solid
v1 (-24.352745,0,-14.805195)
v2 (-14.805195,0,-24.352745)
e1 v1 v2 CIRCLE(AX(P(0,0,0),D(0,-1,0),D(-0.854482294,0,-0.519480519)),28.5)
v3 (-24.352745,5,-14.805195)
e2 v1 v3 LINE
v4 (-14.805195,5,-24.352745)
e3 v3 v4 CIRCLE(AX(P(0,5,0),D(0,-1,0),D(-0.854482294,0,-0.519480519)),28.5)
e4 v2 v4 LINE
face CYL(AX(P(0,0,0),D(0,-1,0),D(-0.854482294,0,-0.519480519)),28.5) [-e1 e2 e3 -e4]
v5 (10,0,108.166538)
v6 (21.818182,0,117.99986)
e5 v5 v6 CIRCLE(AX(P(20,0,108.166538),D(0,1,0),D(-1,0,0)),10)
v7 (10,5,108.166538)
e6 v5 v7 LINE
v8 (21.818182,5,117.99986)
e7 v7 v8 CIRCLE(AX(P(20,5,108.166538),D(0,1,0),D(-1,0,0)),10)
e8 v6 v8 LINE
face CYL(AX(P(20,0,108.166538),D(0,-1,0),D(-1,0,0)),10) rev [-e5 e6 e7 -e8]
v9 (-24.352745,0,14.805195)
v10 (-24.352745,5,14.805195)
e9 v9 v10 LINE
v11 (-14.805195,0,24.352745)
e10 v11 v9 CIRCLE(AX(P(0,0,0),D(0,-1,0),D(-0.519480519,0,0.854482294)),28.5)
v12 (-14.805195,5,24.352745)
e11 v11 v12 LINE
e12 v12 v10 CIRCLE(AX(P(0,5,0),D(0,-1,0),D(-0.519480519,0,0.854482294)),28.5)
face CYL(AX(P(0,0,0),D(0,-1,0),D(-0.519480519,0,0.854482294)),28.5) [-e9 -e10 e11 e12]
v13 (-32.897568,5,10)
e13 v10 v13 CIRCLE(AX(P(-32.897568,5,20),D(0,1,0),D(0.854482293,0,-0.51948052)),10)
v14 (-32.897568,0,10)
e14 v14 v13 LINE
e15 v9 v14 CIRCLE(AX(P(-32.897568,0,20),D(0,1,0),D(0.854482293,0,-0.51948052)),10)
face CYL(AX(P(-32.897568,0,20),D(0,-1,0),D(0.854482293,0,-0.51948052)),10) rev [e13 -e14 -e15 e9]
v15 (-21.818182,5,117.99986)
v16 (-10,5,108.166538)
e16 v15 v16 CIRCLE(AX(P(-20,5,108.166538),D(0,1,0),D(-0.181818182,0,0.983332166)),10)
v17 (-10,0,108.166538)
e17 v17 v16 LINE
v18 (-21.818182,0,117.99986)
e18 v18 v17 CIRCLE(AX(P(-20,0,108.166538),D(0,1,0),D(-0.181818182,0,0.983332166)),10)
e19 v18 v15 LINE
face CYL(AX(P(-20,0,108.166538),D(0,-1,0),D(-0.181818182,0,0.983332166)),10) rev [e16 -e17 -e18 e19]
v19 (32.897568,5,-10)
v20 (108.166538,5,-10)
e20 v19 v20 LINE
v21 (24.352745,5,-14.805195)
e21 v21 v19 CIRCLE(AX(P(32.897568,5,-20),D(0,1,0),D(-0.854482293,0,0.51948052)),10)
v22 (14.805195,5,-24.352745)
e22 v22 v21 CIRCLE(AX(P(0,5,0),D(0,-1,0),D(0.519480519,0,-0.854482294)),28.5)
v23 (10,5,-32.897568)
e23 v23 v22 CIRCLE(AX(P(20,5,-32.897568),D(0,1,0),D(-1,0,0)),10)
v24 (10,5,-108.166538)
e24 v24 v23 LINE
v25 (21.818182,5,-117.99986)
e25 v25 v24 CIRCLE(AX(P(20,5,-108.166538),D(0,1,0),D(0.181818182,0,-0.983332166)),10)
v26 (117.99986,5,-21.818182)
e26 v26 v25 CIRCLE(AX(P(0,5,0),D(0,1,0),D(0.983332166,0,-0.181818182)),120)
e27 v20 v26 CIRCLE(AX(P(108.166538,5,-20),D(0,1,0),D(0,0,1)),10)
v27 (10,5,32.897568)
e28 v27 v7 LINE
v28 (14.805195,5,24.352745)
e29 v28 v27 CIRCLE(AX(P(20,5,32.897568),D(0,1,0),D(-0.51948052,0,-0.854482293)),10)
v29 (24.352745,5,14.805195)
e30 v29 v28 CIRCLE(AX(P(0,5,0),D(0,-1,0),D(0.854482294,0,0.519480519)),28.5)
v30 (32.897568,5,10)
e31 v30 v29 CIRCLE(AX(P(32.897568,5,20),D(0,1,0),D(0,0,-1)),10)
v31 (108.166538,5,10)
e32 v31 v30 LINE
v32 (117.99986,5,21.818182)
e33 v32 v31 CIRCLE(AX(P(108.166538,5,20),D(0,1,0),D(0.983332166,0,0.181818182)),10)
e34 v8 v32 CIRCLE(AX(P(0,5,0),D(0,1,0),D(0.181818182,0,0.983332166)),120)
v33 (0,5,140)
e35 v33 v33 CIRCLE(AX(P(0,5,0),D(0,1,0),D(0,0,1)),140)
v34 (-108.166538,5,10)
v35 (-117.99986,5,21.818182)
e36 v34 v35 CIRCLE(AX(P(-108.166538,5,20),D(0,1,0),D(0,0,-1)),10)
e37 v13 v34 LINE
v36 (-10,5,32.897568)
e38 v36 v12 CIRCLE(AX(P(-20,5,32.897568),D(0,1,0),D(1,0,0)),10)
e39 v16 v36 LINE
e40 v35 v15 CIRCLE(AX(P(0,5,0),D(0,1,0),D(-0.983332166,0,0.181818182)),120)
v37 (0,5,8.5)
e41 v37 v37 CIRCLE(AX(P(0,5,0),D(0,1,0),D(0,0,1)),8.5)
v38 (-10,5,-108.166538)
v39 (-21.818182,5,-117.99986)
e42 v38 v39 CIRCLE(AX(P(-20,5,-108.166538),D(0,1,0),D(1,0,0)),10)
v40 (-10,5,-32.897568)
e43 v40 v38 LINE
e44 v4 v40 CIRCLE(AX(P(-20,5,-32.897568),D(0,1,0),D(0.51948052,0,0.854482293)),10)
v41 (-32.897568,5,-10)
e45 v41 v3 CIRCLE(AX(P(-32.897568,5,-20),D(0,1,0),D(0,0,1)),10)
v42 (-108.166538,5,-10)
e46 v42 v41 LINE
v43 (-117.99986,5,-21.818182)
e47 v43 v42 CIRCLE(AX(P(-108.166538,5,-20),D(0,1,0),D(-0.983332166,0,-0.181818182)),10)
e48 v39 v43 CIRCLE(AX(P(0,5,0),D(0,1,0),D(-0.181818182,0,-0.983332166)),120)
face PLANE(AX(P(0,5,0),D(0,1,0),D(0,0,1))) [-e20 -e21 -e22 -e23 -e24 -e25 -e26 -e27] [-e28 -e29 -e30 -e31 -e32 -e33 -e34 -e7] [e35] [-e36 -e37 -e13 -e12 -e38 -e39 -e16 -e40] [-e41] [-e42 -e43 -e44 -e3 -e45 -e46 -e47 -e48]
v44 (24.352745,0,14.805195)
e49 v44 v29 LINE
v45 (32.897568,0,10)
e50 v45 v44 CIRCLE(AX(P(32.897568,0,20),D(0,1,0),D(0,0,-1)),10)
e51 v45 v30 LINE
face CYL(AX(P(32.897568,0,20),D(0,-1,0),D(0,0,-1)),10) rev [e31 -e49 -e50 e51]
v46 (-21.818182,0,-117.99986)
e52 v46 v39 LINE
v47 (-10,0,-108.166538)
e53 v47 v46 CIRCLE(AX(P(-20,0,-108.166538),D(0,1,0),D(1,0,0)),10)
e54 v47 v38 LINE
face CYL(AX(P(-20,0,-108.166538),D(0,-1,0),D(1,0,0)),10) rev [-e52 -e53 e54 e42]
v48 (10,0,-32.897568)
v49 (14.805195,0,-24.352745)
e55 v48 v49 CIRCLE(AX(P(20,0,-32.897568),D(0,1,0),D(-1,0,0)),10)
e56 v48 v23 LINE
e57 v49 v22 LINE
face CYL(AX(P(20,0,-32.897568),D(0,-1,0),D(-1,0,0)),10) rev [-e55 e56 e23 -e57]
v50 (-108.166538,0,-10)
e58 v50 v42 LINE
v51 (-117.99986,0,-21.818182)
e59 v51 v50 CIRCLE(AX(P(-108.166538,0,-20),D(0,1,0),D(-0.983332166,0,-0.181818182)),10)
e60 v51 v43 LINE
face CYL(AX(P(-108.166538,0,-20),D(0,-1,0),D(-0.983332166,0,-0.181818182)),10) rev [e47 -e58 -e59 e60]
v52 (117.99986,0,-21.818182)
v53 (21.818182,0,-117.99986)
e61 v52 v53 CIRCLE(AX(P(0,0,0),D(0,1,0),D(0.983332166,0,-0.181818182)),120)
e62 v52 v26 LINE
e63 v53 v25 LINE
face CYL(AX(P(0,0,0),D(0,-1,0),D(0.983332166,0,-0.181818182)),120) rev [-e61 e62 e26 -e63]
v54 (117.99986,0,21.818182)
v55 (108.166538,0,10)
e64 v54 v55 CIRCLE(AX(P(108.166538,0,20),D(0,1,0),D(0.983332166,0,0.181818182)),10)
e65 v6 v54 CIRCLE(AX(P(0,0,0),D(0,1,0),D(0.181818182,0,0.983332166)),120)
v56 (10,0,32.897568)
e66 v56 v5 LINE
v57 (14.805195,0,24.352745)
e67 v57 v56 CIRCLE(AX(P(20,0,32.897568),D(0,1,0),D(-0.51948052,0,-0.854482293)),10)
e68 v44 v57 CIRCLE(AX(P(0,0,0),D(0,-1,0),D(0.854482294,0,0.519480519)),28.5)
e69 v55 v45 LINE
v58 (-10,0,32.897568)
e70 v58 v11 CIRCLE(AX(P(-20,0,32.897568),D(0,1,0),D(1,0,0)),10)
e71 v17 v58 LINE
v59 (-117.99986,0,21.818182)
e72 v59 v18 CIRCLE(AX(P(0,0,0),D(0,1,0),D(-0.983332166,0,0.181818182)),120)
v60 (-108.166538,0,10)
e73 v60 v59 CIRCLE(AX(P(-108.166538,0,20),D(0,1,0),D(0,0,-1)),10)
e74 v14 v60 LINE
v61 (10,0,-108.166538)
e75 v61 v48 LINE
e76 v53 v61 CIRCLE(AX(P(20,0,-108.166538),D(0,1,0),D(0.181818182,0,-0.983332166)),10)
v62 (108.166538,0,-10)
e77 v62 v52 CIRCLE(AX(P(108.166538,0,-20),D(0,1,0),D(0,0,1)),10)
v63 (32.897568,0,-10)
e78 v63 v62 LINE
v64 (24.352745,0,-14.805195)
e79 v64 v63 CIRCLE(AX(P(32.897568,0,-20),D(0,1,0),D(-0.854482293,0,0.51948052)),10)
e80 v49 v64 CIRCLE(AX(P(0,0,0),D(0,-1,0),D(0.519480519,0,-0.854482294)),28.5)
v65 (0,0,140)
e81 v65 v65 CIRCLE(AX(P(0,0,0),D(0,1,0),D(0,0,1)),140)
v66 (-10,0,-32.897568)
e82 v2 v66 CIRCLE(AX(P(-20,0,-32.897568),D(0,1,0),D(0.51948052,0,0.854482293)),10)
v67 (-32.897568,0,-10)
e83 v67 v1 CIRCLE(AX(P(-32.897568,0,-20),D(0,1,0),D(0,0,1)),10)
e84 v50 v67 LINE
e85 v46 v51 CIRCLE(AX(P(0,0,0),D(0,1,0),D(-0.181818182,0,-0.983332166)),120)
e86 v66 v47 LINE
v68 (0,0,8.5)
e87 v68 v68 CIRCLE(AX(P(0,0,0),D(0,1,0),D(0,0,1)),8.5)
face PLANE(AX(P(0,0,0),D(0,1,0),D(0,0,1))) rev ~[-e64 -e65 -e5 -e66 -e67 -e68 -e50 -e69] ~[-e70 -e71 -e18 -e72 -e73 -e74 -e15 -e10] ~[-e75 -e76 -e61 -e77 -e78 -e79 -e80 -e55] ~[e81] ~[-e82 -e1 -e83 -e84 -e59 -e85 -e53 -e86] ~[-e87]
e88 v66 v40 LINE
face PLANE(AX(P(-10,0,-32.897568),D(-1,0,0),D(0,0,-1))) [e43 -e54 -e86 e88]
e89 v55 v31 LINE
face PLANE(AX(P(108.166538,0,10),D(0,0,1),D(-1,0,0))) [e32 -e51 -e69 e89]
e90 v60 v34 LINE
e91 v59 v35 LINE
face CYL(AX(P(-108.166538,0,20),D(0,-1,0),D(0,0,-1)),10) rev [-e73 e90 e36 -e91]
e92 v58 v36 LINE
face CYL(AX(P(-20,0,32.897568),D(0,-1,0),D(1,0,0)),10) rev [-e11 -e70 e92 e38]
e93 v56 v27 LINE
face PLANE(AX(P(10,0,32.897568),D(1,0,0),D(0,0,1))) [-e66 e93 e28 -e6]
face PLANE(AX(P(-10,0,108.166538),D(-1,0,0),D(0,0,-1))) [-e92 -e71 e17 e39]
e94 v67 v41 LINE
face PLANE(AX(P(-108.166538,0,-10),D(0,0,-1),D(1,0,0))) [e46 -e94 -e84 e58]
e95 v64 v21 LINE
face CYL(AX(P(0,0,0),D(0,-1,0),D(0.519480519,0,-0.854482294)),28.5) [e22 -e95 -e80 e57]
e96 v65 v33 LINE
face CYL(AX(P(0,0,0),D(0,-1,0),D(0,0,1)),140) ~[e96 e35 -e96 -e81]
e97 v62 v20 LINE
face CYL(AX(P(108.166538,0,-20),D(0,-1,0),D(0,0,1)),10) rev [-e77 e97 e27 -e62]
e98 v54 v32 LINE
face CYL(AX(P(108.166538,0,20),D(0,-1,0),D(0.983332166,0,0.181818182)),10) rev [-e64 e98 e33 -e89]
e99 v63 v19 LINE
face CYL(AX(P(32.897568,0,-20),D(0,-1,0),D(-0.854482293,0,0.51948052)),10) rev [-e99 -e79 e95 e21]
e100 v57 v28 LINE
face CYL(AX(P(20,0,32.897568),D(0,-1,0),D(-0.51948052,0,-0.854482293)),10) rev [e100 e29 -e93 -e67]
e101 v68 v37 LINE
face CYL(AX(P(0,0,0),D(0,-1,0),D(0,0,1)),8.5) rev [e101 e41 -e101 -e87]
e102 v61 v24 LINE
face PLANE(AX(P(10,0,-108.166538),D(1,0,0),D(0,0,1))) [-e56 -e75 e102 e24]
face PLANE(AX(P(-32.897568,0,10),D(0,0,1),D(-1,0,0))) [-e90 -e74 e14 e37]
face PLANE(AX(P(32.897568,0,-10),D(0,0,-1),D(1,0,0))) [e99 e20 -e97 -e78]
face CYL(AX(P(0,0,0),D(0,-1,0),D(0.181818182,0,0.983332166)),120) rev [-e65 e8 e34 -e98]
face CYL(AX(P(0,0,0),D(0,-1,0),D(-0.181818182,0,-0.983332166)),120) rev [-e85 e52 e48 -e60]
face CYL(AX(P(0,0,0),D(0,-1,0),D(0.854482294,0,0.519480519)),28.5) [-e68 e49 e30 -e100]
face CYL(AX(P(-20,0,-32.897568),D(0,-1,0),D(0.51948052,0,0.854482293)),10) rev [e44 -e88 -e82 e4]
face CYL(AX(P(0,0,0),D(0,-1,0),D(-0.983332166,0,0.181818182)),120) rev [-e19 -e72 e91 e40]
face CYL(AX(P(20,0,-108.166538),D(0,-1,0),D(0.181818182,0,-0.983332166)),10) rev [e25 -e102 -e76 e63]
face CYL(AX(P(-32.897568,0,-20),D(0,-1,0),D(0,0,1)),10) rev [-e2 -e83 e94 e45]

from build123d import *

# Parameters (mm, degrees)
SKETCH_1_R      = 140
SKETCH_1_R_2    = 8.5
EXTRUDE_1_DEPTH = 5


with BuildPart() as part:
    # ｽｹｯﾁ1 → ﾎﾞｽ - 押し出し1 (new body)
    with BuildSketch(Plane(origin=(0, 0, 0), x_dir=(1, 0, 0), z_dir=(0, 1, 0))):
        with Locations(Location((0, 0, 0), (0, 0, 270))):
            Circle(SKETCH_1_R)
        with Locations(Location((0, 0, 0), (0, 0, 270))):
            Circle(SKETCH_1_R_2, mode=Mode.SUBTRACT)
        with BuildLine():
            Line((-108.166538264, 10), (-32.897568299, 10))
            ThreePointArc((-32.897568299, 10), (-27.995938568, 11.283691953), (-24.352745364, 14.805194805))
            ThreePointArc((-24.352745364, 14.805194805), (-20.152543264, 20.152543264), (-14.805194805, 24.352745364))
            ThreePointArc((-14.805194805, 24.352745364), (-11.283691953, 27.995938568), (-10, 32.897568299))
            Line((-10, 32.897568299), (-10, 108.166538264))
            ThreePointArc((-10, 108.166538264), (-13.603978509, 115.853599412), (-21.818181818, 117.999859924))
            ThreePointArc((-21.818181818, 117.999859924), (-84.852813742, 84.852813742), (-117.999859924, 21.818181818))
            ThreePointArc((-117.999859924, 21.818181818), (-115.853599412, 13.603978509), (-108.166538264, 10))
        make_face(mode=Mode.SUBTRACT)
        with BuildLine():
            Line((10, 108.166538264), (10, 32.897568299))
            ThreePointArc((10, 32.897568299), (11.283691953, 27.995938568), (14.805194805, 24.352745364))
            ThreePointArc((14.805194805, 24.352745364), (20.152543264, 20.152543264), (24.352745364, 14.805194805))
            ThreePointArc((24.352745364, 14.805194805), (27.995938568, 11.283691953), (32.897568299, 10))
            Line((32.897568299, 10), (108.166538264, 10))
            ThreePointArc((108.166538264, 10), (115.853599412, 13.603978509), (117.999859924, 21.818181818))
            ThreePointArc((117.999859924, 21.818181818), (84.852813742, 84.852813742), (21.818181818, 117.999859924))
            ThreePointArc((21.818181818, 117.999859924), (13.603978509, 115.853599412), (10, 108.166538264))
        make_face(mode=Mode.SUBTRACT)
        with BuildLine():
            Line((108.166538264, -10), (32.897568299, -10))
            ThreePointArc((32.897568299, -10), (27.995938568, -11.283691953), (24.352745364, -14.805194805))
            ThreePointArc((24.352745364, -14.805194805), (20.152543264, -20.152543264), (14.805194805, -24.352745364))
            ThreePointArc((14.805194805, -24.352745364), (11.283691953, -27.995938568), (10, -32.897568299))
            Line((10, -32.897568299), (10, -108.166538264))
            ThreePointArc((10, -108.166538264), (13.603978509, -115.853599412), (21.818181818, -117.999859924))
            ThreePointArc((21.818181818, -117.999859924), (84.852813742, -84.852813742), (117.999859924, -21.818181818))
            ThreePointArc((117.999859924, -21.818181818), (115.853599412, -13.603978509), (108.166538264, -10))
        make_face(mode=Mode.SUBTRACT)
        with BuildLine():
            Line((-10, -108.166538264), (-10, -32.897568299))
            ThreePointArc((-10, -32.897568299), (-11.283691953, -27.995938568), (-14.805194805, -24.352745364))
            ThreePointArc((-14.805194805, -24.352745364), (-20.152543264, -20.152543264), (-24.352745364, -14.805194805))
            ThreePointArc((-24.352745364, -14.805194805), (-27.995938568, -11.283691953), (-32.897568299, -10))
            Line((-32.897568299, -10), (-108.166538264, -10))
            ThreePointArc((-108.166538264, -10), (-115.853599412, -13.603978509), (-117.999859924, -21.818181818))
            ThreePointArc((-117.999859924, -21.818181818), (-84.852813742, -84.852813742), (-21.818181818, -117.999859924))
            ThreePointArc((-21.818181818, -117.999859924), (-13.603978509, -115.853599412), (-10, -108.166538264))
        make_face(mode=Mode.SUBTRACT)
    extrude(amount=EXTRUDE_1_DEPTH)


solid = part.part
